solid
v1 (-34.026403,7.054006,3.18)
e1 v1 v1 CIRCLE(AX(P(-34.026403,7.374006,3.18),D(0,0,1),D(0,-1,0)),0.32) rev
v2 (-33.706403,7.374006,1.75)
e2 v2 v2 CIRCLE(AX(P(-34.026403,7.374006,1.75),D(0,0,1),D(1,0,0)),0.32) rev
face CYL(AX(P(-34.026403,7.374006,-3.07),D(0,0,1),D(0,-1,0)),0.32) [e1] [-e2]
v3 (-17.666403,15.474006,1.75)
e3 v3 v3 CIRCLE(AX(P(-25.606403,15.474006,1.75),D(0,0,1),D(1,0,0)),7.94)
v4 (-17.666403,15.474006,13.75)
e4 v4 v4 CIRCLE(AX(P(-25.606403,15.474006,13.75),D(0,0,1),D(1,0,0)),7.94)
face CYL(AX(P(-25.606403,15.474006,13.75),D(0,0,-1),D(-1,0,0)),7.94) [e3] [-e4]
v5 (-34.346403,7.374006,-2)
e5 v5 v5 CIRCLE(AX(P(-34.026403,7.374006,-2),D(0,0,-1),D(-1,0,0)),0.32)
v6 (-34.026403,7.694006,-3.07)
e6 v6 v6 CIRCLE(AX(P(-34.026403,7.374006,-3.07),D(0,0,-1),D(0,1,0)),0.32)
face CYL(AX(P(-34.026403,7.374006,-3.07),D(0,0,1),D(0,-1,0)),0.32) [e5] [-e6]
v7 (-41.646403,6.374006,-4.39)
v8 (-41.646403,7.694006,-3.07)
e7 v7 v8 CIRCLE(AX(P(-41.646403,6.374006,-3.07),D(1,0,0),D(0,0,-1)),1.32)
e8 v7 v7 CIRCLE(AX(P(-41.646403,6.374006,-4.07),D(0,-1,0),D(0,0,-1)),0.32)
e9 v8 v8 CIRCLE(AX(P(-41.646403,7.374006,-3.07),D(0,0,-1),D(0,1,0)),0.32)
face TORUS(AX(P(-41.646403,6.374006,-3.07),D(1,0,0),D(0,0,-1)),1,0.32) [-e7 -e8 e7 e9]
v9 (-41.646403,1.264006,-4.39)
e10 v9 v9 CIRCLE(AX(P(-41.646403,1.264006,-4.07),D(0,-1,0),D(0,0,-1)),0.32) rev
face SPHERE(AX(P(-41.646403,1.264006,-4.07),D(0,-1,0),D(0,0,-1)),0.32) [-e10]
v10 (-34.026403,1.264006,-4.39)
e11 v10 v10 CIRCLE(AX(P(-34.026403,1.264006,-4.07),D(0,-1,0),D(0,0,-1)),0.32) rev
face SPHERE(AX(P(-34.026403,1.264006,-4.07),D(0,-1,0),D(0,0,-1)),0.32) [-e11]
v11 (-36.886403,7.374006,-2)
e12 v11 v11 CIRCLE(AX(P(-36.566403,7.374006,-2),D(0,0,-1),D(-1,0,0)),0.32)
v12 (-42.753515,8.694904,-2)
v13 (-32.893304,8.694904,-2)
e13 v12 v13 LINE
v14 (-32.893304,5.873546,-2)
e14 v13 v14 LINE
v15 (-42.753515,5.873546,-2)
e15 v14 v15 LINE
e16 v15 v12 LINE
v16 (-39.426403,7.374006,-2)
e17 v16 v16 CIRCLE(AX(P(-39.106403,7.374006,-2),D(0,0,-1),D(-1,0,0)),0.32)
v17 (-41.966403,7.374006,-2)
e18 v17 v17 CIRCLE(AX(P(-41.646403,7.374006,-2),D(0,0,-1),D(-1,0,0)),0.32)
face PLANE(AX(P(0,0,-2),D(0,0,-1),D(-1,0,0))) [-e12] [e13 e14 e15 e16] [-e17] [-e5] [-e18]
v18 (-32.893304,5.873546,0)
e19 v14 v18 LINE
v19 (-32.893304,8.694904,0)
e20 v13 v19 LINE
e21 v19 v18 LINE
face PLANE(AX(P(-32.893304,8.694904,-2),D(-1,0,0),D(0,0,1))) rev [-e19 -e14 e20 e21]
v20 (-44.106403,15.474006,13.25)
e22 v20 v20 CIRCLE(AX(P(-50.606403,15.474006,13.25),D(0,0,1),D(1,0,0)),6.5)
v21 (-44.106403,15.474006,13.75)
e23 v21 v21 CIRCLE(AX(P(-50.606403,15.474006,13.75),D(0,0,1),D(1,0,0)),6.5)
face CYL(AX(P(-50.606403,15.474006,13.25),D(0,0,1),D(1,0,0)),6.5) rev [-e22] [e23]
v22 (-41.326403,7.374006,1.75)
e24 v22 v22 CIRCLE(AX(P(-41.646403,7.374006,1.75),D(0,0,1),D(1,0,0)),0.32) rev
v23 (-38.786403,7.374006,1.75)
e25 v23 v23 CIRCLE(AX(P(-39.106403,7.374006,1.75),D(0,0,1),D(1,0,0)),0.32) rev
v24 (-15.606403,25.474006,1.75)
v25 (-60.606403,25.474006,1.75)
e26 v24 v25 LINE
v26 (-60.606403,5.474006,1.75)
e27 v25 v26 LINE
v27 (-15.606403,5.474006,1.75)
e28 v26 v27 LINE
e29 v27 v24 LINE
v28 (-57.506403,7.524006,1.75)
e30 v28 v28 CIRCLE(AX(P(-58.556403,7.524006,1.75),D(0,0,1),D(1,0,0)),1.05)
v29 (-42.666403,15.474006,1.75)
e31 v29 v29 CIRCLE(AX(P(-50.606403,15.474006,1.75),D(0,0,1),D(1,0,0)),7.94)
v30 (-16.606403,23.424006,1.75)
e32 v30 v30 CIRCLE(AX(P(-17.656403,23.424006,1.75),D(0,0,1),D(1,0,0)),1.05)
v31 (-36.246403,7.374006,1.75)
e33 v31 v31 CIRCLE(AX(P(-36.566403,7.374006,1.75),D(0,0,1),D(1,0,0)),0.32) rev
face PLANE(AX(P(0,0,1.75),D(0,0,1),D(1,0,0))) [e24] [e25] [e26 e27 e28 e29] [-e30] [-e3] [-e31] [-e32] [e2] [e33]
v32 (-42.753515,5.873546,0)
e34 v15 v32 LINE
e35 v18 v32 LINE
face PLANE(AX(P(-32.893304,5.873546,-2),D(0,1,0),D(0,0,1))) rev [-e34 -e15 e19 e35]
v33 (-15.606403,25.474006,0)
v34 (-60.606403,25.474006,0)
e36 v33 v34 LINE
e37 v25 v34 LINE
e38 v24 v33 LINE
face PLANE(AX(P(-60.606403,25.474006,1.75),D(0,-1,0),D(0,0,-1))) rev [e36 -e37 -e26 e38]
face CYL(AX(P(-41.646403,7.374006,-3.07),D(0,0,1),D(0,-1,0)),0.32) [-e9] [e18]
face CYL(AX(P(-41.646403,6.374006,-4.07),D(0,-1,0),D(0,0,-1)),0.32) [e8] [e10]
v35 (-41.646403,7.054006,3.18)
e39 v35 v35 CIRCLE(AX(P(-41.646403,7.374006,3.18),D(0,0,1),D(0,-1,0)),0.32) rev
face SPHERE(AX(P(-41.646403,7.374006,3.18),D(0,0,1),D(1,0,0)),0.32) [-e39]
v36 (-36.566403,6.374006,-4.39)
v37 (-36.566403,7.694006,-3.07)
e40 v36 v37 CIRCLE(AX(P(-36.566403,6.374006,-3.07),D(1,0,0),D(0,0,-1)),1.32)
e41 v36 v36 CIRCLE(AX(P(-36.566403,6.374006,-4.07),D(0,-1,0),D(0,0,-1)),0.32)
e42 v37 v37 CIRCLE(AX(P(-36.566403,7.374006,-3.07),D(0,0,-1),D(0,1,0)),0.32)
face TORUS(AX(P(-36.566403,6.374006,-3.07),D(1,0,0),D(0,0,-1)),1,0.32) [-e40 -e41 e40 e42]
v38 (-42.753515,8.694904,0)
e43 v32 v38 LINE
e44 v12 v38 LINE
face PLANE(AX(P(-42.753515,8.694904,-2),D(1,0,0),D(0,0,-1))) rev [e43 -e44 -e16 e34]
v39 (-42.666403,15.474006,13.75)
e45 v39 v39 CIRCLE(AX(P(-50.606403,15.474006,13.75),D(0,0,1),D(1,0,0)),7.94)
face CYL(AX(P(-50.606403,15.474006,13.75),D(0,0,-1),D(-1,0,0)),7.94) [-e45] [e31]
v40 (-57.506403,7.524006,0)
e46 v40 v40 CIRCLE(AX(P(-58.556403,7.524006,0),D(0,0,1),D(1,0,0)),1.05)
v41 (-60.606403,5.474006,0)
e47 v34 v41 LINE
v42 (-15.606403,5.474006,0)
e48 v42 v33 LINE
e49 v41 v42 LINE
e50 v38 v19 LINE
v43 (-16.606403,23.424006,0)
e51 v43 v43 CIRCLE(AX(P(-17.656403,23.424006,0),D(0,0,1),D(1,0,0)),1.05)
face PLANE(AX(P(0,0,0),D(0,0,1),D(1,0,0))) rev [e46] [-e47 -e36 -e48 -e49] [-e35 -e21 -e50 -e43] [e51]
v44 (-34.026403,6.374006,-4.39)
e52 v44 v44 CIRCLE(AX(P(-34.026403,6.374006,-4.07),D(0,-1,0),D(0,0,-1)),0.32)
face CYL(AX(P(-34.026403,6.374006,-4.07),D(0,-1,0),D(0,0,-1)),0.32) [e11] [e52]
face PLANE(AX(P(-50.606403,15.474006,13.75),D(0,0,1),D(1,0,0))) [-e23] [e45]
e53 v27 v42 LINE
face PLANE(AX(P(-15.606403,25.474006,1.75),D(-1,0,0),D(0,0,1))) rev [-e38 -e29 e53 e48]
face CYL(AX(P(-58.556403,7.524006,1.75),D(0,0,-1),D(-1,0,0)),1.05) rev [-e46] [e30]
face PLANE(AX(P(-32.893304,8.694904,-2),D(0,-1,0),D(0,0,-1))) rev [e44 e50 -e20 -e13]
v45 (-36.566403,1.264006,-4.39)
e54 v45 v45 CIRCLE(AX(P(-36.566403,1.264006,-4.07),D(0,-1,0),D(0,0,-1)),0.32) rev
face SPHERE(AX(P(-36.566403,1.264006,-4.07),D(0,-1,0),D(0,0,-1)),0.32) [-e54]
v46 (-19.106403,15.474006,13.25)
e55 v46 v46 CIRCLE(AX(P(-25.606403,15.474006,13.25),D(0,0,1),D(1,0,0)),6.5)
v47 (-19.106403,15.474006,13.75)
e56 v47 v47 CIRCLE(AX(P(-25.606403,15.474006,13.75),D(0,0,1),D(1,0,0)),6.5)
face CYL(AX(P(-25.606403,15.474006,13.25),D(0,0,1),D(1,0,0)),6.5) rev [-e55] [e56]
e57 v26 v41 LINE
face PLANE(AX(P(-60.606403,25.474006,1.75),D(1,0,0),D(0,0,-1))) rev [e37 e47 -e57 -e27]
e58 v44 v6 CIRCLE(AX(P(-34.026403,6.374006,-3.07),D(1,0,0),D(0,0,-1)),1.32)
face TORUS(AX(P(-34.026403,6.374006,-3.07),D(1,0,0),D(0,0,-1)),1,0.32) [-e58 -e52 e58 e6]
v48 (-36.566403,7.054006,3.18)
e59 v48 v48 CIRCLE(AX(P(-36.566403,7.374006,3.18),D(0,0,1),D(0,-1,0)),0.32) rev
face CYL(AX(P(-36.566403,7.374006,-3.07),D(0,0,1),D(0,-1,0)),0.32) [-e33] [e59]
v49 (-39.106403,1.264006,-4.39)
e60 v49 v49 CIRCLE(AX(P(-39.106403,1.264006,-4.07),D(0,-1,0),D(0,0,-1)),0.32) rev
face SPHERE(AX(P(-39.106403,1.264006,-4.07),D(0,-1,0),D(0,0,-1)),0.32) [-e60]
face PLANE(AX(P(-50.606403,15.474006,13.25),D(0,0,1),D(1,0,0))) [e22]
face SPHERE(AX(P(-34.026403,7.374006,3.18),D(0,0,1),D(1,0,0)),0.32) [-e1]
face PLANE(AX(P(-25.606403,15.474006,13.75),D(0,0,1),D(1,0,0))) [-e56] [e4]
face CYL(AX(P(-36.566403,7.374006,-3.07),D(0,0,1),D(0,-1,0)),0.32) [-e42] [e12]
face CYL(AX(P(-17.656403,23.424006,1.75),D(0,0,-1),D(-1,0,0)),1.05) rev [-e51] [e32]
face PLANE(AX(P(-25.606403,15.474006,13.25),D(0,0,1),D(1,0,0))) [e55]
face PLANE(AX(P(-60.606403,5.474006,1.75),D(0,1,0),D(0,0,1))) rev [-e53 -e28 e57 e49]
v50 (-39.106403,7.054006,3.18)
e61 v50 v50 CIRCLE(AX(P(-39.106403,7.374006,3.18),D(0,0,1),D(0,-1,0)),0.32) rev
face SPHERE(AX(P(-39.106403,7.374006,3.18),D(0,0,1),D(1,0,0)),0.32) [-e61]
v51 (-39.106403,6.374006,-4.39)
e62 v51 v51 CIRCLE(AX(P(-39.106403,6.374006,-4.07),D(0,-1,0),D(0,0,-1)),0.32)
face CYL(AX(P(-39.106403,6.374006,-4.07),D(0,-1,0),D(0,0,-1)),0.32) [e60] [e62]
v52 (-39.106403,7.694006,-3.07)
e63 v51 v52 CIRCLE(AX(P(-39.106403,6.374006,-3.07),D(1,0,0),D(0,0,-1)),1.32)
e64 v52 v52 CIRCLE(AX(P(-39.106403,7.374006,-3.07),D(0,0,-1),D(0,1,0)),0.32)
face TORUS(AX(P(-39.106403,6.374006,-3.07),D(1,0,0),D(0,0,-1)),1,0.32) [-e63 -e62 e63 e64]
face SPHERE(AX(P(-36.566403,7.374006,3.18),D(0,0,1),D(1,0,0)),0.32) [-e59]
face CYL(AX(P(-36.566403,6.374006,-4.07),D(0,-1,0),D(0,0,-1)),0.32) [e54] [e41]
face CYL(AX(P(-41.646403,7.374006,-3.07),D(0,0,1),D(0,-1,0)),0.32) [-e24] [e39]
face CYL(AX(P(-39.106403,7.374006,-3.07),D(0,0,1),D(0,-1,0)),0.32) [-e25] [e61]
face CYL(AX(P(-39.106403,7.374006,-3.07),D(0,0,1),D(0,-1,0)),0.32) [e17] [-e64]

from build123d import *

# Parameters (mm, degrees)
SKETCH1_W              = 45
SKETCH1_H              = 20
SKETCH1_R              = 1.05
BOSS_EXTRUDE1_DEPTH    = 1.75
SKETCH2_R              = 7.94
BOSS_EXTRUDE2_DEPTH    = 12
SKETCH3_R              = 6.5
CUT_EXTRUDE1_DEPTH     = 0.5
SKETCH5_R              = 0.32
FILLET1_R              = 0.32
LPATTERN1_COUNT        = 4
LPATTERN1_PITCH        = 2.54
FILLET1_OF_LPATTERN1_R = 0.32
SKETCH6_W              = 9.860211455
SKETCH6_H              = 2.82135844
BOSS_EXTRUDE3_DEPTH    = 2


with BuildPart() as part:
    # Sketch1 → Boss-Extrude1 (new body)
    with BuildSketch(Plane.XY):
        with Locations((-38.106403473, 15.474006241)):
            Rectangle(SKETCH1_W, SKETCH1_H)
        with Locations((-58.556403473, 7.524006241)):
            Circle(SKETCH1_R, mode=Mode.SUBTRACT)
        with Locations((-17.656403473, 23.424006241)):
            Circle(SKETCH1_R, mode=Mode.SUBTRACT)
    extrude(amount=BOSS_EXTRUDE1_DEPTH)

    # Sketch2 → Boss-Extrude2 (add)
    with BuildSketch(Plane.XY.offset(1.75)):
        with Locations((-50.606403473, 15.474006241)):
            Circle(SKETCH2_R)
        with Locations((-25.606403473, 15.474006241)):
            Circle(SKETCH2_R)
    extrude(amount=BOSS_EXTRUDE2_DEPTH)

    # Sketch3 → Cut-Extrude1 (cut)
    with BuildSketch(Plane.XY.offset(13.75)):
        with Locations((-50.606403473, 15.474006241)):
            Circle(SKETCH3_R)
        with Locations((-25.606403473, 15.474006241)):
            Circle(SKETCH3_R)
    extrude(amount=-CUT_EXTRUDE1_DEPTH, mode=Mode.SUBTRACT)

    # Sweep1: sweep along a path in Sketch4
    with BuildLine(Plane.ZY.offset(41.646403473)) as sweep1_path:
        Line((3.5, 7.374006241), (-3.07, 7.374006241))
        ThreePointArc((-3.07, 7.374006241), (-3.777106781, 7.081113022), (-4.07, 6.374006241))
        Line((-4.07, 6.374006241), (-4.07, 0.944006241))
    # Sketch5 → Sweep1 (sweep)
    with BuildSketch(Plane(origin=(0, 0.944006241, 0), x_dir=(-1, 0, 0), z_dir=(0, -1, 0))):
        with Locations((41.646403473, 4.07)):
            Circle(SKETCH5_R)
    sweep1 = sweep(path=sweep1_path.line)

    # Fillet1
    fillet1_edges = [part.edges().sort_by_distance(p)[0] for p in [
        (-41.326403473, 7.374006241, 3.5),
        (-41.326403473, 0.944006241, -4.07),
    ]]
    fillet(fillet1_edges, radius=FILLET1_R)

    # LPattern1: Sweep1 ×4
    with Locations(*[(i * LPATTERN1_PITCH, 0, 0) for i in range(1, LPATTERN1_COUNT)]):
        add(sweep1)

    # Fillet1 of LPattern1
    fillet1_of_lpattern1_edges = [part.edges().sort_by_distance(p)[0] for p in [
        (-38.786403473, 7.374006241, 3.5),
        (-38.786403473, 0.944006241, -4.07),
        (-36.246403473, 7.374006241, 3.5),
        (-36.246403473, 0.944006241, -4.07),
        (-33.706403473, 7.374006241, 3.5),
        (-33.706403473, 0.944006241, -4.07),
    ]]
    fillet(fillet1_of_lpattern1_edges, radius=FILLET1_OF_LPATTERN1_R)

    # Sketch6 → Boss-Extrude3 (add)
    with BuildSketch(Plane(origin=(0, 0, 0), x_dir=(-1, 0, 0), z_dir=(0, 0, -1))):
        with Locations((37.82340942, 7.284225062)):
            Rectangle(SKETCH6_W, SKETCH6_H)
    extrude(amount=BOSS_EXTRUDE3_DEPTH)


solid = part.part
